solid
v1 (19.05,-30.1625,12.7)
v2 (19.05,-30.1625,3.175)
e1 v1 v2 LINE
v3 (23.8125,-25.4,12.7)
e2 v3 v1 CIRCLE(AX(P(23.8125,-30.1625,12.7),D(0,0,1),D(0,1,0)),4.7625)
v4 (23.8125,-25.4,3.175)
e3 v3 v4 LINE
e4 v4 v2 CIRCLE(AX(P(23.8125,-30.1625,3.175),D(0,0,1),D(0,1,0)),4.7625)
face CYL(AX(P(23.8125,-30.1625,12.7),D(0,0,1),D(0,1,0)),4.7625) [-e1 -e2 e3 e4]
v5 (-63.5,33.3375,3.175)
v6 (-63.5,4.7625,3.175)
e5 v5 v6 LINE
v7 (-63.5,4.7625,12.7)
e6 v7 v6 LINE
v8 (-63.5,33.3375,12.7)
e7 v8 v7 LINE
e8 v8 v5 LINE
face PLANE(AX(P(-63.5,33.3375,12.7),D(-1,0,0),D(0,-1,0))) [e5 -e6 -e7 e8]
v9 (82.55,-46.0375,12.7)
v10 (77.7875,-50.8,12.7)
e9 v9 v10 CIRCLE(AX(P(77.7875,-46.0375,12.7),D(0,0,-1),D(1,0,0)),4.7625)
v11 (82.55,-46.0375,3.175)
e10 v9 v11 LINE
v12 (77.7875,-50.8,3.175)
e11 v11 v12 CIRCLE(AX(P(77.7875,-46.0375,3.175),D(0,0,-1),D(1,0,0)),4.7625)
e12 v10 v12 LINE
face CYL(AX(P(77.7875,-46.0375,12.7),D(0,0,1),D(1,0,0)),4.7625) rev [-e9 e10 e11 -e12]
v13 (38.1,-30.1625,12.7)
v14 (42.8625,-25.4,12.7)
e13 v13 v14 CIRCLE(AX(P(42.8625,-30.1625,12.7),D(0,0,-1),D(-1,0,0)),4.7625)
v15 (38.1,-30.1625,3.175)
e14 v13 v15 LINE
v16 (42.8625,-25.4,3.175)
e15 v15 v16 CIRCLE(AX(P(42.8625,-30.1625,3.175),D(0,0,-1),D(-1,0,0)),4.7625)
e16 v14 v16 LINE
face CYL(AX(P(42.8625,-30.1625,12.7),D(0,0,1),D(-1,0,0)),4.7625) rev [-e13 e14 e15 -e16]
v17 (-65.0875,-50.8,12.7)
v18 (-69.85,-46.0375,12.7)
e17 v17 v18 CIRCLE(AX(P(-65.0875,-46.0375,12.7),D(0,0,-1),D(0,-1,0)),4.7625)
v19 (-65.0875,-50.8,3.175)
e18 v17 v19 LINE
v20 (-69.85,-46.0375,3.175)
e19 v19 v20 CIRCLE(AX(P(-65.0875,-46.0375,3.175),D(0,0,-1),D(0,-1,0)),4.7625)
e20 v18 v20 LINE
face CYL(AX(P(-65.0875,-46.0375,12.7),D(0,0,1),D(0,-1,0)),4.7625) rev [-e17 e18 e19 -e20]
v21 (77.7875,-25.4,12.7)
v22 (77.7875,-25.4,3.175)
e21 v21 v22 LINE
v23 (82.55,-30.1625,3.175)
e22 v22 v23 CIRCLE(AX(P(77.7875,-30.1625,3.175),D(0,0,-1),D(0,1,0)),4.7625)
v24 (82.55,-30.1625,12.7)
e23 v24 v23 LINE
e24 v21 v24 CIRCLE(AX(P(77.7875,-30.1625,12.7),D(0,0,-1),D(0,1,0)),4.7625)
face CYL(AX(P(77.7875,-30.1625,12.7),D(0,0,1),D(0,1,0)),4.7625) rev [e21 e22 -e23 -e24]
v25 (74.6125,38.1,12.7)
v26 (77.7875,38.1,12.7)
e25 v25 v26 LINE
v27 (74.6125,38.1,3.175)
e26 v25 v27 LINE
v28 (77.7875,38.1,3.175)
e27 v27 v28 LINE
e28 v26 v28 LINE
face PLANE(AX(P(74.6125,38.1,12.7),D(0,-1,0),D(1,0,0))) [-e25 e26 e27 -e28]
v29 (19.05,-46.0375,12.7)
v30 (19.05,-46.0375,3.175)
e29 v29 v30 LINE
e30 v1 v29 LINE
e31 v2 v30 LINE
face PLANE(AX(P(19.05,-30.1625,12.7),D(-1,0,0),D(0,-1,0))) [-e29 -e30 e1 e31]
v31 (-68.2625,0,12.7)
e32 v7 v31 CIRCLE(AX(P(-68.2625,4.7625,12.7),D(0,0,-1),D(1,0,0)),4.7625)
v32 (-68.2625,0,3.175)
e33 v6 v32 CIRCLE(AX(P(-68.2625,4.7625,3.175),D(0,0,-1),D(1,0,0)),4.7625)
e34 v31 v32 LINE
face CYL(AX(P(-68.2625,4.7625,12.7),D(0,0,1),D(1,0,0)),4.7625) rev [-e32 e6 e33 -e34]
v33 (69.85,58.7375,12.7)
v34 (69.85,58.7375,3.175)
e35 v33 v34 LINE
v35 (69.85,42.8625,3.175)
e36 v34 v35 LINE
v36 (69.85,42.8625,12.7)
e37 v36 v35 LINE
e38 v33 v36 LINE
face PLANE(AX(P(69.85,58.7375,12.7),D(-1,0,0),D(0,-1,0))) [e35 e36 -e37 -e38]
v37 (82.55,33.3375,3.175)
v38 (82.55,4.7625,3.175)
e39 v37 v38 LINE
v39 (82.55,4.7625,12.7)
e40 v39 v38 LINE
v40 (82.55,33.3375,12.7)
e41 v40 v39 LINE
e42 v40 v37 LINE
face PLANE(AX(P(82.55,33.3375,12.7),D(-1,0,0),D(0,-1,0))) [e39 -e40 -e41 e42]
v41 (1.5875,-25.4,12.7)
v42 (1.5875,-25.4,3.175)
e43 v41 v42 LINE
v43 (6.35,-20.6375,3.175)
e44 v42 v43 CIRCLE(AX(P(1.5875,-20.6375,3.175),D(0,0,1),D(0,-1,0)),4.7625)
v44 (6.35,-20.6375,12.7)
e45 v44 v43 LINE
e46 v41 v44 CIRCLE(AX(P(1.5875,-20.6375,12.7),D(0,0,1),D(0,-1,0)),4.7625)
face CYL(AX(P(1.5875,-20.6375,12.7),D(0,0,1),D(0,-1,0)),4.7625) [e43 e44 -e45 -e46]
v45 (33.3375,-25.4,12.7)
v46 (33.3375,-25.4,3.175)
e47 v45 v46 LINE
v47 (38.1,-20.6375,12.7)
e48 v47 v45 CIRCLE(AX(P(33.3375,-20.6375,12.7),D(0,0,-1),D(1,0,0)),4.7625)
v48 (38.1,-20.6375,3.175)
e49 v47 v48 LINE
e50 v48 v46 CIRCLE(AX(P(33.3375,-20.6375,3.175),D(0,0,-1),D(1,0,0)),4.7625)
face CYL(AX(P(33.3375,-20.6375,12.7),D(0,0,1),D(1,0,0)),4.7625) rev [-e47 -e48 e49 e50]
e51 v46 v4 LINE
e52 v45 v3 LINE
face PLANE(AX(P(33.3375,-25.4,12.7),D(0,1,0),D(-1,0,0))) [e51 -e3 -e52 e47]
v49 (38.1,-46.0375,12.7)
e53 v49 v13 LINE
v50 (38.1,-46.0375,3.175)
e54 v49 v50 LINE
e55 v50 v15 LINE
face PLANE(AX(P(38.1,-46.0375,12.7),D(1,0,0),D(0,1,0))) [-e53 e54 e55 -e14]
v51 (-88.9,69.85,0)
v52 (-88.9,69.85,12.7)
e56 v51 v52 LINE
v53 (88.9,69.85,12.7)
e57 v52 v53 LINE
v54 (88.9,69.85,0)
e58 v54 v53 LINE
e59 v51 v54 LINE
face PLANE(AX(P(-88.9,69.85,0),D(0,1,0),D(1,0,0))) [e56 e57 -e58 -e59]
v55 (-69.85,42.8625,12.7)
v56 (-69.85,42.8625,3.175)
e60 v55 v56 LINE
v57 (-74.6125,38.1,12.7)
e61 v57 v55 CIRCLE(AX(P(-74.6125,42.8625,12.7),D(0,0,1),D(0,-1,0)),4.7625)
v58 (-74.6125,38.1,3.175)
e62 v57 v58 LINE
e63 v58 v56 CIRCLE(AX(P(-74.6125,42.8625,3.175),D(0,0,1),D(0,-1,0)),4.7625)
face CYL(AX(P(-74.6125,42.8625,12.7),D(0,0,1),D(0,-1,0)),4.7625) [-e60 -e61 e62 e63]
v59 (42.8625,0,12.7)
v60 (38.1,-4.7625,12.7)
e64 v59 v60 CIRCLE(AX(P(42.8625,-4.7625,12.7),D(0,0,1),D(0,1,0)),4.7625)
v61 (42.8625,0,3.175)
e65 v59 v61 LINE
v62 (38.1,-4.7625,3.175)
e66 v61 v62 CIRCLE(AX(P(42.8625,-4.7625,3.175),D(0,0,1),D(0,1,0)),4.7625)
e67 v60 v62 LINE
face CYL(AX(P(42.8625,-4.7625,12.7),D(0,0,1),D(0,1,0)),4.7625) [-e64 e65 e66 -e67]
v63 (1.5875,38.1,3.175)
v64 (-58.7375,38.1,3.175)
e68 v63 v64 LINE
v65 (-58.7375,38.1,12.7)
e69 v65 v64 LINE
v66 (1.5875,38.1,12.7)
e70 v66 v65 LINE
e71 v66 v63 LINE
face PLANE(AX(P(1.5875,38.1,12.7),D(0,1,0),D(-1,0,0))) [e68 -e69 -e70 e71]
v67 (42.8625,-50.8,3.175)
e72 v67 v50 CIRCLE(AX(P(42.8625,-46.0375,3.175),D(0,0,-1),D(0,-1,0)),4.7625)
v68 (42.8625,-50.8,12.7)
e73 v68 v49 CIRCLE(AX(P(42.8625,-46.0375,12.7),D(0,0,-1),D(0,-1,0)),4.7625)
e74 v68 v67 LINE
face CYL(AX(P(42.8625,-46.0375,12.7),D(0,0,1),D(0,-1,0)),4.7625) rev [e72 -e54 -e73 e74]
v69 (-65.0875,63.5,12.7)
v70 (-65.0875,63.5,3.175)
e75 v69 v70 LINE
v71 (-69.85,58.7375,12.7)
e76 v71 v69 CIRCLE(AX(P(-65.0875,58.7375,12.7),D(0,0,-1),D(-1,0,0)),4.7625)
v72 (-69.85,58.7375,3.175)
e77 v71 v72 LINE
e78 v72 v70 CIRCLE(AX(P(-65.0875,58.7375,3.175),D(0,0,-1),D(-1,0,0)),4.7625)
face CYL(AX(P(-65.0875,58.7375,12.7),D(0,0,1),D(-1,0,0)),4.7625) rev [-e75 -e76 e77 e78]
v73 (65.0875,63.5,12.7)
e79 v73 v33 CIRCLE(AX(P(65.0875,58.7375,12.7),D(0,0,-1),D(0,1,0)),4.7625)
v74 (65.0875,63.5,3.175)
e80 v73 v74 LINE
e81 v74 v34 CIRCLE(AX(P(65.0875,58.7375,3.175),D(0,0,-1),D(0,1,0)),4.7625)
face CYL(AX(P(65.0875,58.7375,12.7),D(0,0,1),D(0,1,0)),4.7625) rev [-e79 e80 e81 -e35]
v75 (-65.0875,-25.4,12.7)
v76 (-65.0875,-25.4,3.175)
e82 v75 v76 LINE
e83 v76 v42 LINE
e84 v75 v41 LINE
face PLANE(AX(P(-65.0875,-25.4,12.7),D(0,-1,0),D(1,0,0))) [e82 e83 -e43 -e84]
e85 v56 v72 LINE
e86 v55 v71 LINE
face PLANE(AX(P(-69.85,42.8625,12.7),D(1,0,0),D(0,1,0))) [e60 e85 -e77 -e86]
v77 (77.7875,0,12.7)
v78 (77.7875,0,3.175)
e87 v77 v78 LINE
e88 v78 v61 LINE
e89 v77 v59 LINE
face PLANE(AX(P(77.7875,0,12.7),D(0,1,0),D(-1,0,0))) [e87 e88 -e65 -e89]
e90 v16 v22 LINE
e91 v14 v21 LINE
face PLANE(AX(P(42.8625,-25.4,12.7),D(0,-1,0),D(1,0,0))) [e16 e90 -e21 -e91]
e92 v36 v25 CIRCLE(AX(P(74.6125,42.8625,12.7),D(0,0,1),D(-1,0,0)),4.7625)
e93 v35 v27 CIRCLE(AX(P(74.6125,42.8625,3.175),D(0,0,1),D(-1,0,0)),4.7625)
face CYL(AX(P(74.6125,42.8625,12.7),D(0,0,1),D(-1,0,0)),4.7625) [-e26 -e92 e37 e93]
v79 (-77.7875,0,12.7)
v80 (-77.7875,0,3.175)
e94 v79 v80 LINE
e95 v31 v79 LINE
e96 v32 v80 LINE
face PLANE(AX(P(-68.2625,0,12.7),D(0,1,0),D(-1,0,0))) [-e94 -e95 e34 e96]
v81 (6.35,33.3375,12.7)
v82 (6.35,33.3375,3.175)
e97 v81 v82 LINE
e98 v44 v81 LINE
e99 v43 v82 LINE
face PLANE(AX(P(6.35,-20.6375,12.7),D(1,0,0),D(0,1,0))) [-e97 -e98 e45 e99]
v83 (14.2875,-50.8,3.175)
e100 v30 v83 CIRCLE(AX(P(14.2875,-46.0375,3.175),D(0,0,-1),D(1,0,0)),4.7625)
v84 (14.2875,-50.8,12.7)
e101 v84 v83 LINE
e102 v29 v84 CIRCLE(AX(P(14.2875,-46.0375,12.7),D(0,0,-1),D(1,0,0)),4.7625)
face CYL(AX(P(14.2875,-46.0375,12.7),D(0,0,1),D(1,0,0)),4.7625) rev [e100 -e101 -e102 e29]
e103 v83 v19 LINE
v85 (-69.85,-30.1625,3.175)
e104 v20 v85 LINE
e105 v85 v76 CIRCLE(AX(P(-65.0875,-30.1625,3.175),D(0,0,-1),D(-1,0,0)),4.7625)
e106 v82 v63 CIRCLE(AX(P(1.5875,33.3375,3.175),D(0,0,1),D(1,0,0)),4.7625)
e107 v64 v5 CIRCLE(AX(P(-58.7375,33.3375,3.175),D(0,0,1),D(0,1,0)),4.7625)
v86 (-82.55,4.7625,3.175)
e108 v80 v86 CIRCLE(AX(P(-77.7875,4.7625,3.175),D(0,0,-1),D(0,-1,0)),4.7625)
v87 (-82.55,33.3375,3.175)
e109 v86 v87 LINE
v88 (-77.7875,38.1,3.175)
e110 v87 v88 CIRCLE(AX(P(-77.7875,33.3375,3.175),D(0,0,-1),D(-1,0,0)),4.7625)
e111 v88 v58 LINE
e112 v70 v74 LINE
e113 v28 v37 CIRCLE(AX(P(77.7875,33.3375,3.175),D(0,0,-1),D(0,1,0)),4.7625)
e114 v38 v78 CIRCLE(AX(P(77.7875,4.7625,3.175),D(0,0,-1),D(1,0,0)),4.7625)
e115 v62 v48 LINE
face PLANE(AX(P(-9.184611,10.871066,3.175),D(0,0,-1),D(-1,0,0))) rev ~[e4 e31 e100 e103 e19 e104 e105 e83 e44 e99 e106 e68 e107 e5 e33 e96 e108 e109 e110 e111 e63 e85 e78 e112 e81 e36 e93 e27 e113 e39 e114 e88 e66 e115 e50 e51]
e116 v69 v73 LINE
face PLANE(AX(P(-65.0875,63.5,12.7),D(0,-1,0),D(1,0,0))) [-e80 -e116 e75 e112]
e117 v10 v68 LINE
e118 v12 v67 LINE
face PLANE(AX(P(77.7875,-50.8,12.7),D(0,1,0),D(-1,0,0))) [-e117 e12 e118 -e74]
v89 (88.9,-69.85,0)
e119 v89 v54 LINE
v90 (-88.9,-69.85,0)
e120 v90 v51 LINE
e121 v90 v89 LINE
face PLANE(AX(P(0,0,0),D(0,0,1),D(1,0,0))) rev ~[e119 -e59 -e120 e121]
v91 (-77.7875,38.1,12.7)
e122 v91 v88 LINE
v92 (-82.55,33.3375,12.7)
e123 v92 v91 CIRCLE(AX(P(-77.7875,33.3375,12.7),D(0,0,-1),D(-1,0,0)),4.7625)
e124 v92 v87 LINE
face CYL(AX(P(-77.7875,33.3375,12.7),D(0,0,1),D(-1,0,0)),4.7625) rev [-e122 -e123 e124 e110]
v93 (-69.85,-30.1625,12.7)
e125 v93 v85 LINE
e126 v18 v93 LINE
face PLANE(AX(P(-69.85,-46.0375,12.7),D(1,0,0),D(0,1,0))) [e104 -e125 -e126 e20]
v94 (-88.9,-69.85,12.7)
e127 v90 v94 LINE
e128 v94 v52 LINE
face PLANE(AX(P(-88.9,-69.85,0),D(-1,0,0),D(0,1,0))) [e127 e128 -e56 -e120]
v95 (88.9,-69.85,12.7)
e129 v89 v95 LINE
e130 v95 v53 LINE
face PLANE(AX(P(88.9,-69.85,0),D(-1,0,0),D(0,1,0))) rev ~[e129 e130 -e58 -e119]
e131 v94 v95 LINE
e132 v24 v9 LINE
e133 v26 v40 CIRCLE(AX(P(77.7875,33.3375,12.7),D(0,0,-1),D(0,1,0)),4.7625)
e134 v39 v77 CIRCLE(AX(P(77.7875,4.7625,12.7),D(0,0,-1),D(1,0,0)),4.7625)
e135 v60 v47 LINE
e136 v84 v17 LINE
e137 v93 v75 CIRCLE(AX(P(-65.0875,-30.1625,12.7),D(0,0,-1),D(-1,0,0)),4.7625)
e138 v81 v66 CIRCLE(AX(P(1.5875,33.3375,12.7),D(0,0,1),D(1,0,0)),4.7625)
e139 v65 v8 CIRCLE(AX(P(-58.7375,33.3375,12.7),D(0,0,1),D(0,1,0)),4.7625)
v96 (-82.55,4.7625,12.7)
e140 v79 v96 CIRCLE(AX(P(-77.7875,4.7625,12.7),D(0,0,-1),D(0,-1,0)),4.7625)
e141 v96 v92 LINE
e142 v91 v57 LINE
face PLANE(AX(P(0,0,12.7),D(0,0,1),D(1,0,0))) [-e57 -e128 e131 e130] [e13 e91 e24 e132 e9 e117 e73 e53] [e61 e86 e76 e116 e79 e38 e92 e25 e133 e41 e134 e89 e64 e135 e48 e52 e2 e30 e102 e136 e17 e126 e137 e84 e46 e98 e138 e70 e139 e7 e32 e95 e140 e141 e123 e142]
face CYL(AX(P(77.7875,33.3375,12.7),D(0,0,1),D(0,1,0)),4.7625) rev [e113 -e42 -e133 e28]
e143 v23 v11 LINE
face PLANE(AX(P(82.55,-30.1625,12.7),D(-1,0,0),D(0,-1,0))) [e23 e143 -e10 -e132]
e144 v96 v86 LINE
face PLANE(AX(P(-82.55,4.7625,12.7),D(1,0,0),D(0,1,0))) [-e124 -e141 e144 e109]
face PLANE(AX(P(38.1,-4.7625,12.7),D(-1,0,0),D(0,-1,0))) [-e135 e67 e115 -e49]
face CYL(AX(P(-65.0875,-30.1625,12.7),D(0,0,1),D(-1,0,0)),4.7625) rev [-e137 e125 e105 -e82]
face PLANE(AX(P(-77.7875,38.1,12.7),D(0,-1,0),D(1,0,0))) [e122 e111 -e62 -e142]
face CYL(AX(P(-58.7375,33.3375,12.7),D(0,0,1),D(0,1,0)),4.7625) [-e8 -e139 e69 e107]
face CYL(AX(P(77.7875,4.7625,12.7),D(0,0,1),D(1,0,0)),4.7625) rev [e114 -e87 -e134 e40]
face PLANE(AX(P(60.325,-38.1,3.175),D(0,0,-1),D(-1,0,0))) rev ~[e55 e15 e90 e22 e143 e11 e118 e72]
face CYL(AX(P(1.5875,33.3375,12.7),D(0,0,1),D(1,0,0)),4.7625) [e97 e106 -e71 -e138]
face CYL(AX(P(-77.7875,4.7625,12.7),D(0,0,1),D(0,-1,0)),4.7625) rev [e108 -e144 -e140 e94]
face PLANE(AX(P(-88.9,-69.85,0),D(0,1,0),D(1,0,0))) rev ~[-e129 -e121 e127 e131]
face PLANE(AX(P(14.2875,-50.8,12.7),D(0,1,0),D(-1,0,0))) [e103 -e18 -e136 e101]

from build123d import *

# Parameters (mm, degrees)
SKETCH1_W           = 177.8
SKETCH1_H           = 139.7
BOSS_EXTRUDE1_DEPTH = 12.7
CUT_EXTRUDE1_DEPTH  = 9.525


with BuildPart() as part:
    # Sketch1 → Boss-Extrude1 (new body)
    with BuildSketch(Plane.XY):
        Rectangle(SKETCH1_W, SKETCH1_H)
    extrude(amount=BOSS_EXTRUDE1_DEPTH)

    # Sketch2 → Cut-Extrude1 (cut)
    with BuildSketch(Plane.XY.offset(12.7)):
        with BuildLine():
            Line((-65.0875, 63.5), (65.0875, 63.5))
            ThreePointArc((65.0875, 63.5), (68.455096045, 62.105096045), (69.85, 58.7375))
            Line((69.85, 58.7375), (69.85, 42.8625))
            ThreePointArc((69.85, 42.8625), (71.244903955, 39.494903955), (74.6125, 38.1))
            Line((74.6125, 38.1), (77.7875, 38.1))
            ThreePointArc((77.7875, 38.1), (81.155096045, 36.705096045), (82.55, 33.3375))
            Line((82.55, 33.3375), (82.55, 4.7625))
            ThreePointArc((82.55, 4.7625), (81.155096045, 1.394903955), (77.7875, 0))
            Line((77.7875, 0), (42.8625, 0))
            ThreePointArc((42.8625, 0), (39.494903955, -1.394903955), (38.1, -4.7625))
            Line((38.1, -4.7625), (38.1, -20.6375))
            ThreePointArc((38.1, -20.6375), (36.705096045, -24.005096045), (33.3375, -25.4))
            Line((33.3375, -25.4), (23.8125, -25.4))
            ThreePointArc((23.8125, -25.4), (20.444903955, -26.794903955), (19.05, -30.1625))
            Line((19.05, -30.1625), (19.05, -46.0375))
            ThreePointArc((19.05, -46.0375), (17.655096045, -49.405096045), (14.2875, -50.8))
            Line((14.2875, -50.8), (-65.0875, -50.8))
            ThreePointArc((-65.0875, -50.8), (-68.455096045, -49.405096045), (-69.85, -46.0375))
            Line((-69.85, -46.0375), (-69.85, -30.1625))
            ThreePointArc((-69.85, -30.1625), (-68.455096045, -26.794903955), (-65.0875, -25.4))
            Line((-65.0875, -25.4), (1.5875, -25.4))
            ThreePointArc((1.5875, -25.4), (4.955096045, -24.005096045), (6.35, -20.6375))
            Line((6.35, -20.6375), (6.35, 0))
            Line((6.35, 0), (6.35, 33.3375))
            ThreePointArc((6.35, 33.3375), (4.955096045, 36.705096045), (1.5875, 38.1))
            Line((1.5875, 38.1), (-58.7375, 38.1))
            ThreePointArc((-58.7375, 38.1), (-62.105096045, 36.705096045), (-63.5, 33.3375))
            Line((-63.5, 33.3375), (-63.5, 4.7625))
            ThreePointArc((-63.5, 4.7625), (-64.894903955, 1.394903955), (-68.2625, 0))
            Line((-68.2625, 0), (-77.7875, 0))
            ThreePointArc((-77.7875, 0), (-81.155096045, 1.394903955), (-82.55, 4.7625))
            Line((-82.55, 4.7625), (-82.55, 33.3375))
            ThreePointArc((-82.55, 33.3375), (-81.155096045, 36.705096045), (-77.7875, 38.1))
            Line((-77.7875, 38.1), (-74.6125, 38.1))
            ThreePointArc((-74.6125, 38.1), (-71.244903955, 39.494903955), (-69.85, 42.8625))
            Line((-69.85, 42.8625), (-69.85, 58.7375))
            ThreePointArc((-69.85, 58.7375), (-68.455096045, 62.105096045), (-65.0875, 63.5))
        make_face()
        with BuildLine():
            Line((42.8625, -25.4), (77.7875, -25.4))
            ThreePointArc((77.7875, -25.4), (81.155096045, -26.794903955), (82.55, -30.1625))
            Line((82.55, -30.1625), (82.55, -46.0375))
            ThreePointArc((82.55, -46.0375), (81.155096045, -49.405096045), (77.7875, -50.8))
            Line((77.7875, -50.8), (42.8625, -50.8))
            ThreePointArc((42.8625, -50.8), (39.494903955, -49.405096045), (38.1, -46.0375))
            Line((38.1, -46.0375), (38.1, -30.1625))
            ThreePointArc((38.1, -30.1625), (39.494903955, -26.794903955), (42.8625, -25.4))
        make_face()
    extrude(amount=-CUT_EXTRUDE1_DEPTH, mode=Mode.SUBTRACT)


solid = part.part
